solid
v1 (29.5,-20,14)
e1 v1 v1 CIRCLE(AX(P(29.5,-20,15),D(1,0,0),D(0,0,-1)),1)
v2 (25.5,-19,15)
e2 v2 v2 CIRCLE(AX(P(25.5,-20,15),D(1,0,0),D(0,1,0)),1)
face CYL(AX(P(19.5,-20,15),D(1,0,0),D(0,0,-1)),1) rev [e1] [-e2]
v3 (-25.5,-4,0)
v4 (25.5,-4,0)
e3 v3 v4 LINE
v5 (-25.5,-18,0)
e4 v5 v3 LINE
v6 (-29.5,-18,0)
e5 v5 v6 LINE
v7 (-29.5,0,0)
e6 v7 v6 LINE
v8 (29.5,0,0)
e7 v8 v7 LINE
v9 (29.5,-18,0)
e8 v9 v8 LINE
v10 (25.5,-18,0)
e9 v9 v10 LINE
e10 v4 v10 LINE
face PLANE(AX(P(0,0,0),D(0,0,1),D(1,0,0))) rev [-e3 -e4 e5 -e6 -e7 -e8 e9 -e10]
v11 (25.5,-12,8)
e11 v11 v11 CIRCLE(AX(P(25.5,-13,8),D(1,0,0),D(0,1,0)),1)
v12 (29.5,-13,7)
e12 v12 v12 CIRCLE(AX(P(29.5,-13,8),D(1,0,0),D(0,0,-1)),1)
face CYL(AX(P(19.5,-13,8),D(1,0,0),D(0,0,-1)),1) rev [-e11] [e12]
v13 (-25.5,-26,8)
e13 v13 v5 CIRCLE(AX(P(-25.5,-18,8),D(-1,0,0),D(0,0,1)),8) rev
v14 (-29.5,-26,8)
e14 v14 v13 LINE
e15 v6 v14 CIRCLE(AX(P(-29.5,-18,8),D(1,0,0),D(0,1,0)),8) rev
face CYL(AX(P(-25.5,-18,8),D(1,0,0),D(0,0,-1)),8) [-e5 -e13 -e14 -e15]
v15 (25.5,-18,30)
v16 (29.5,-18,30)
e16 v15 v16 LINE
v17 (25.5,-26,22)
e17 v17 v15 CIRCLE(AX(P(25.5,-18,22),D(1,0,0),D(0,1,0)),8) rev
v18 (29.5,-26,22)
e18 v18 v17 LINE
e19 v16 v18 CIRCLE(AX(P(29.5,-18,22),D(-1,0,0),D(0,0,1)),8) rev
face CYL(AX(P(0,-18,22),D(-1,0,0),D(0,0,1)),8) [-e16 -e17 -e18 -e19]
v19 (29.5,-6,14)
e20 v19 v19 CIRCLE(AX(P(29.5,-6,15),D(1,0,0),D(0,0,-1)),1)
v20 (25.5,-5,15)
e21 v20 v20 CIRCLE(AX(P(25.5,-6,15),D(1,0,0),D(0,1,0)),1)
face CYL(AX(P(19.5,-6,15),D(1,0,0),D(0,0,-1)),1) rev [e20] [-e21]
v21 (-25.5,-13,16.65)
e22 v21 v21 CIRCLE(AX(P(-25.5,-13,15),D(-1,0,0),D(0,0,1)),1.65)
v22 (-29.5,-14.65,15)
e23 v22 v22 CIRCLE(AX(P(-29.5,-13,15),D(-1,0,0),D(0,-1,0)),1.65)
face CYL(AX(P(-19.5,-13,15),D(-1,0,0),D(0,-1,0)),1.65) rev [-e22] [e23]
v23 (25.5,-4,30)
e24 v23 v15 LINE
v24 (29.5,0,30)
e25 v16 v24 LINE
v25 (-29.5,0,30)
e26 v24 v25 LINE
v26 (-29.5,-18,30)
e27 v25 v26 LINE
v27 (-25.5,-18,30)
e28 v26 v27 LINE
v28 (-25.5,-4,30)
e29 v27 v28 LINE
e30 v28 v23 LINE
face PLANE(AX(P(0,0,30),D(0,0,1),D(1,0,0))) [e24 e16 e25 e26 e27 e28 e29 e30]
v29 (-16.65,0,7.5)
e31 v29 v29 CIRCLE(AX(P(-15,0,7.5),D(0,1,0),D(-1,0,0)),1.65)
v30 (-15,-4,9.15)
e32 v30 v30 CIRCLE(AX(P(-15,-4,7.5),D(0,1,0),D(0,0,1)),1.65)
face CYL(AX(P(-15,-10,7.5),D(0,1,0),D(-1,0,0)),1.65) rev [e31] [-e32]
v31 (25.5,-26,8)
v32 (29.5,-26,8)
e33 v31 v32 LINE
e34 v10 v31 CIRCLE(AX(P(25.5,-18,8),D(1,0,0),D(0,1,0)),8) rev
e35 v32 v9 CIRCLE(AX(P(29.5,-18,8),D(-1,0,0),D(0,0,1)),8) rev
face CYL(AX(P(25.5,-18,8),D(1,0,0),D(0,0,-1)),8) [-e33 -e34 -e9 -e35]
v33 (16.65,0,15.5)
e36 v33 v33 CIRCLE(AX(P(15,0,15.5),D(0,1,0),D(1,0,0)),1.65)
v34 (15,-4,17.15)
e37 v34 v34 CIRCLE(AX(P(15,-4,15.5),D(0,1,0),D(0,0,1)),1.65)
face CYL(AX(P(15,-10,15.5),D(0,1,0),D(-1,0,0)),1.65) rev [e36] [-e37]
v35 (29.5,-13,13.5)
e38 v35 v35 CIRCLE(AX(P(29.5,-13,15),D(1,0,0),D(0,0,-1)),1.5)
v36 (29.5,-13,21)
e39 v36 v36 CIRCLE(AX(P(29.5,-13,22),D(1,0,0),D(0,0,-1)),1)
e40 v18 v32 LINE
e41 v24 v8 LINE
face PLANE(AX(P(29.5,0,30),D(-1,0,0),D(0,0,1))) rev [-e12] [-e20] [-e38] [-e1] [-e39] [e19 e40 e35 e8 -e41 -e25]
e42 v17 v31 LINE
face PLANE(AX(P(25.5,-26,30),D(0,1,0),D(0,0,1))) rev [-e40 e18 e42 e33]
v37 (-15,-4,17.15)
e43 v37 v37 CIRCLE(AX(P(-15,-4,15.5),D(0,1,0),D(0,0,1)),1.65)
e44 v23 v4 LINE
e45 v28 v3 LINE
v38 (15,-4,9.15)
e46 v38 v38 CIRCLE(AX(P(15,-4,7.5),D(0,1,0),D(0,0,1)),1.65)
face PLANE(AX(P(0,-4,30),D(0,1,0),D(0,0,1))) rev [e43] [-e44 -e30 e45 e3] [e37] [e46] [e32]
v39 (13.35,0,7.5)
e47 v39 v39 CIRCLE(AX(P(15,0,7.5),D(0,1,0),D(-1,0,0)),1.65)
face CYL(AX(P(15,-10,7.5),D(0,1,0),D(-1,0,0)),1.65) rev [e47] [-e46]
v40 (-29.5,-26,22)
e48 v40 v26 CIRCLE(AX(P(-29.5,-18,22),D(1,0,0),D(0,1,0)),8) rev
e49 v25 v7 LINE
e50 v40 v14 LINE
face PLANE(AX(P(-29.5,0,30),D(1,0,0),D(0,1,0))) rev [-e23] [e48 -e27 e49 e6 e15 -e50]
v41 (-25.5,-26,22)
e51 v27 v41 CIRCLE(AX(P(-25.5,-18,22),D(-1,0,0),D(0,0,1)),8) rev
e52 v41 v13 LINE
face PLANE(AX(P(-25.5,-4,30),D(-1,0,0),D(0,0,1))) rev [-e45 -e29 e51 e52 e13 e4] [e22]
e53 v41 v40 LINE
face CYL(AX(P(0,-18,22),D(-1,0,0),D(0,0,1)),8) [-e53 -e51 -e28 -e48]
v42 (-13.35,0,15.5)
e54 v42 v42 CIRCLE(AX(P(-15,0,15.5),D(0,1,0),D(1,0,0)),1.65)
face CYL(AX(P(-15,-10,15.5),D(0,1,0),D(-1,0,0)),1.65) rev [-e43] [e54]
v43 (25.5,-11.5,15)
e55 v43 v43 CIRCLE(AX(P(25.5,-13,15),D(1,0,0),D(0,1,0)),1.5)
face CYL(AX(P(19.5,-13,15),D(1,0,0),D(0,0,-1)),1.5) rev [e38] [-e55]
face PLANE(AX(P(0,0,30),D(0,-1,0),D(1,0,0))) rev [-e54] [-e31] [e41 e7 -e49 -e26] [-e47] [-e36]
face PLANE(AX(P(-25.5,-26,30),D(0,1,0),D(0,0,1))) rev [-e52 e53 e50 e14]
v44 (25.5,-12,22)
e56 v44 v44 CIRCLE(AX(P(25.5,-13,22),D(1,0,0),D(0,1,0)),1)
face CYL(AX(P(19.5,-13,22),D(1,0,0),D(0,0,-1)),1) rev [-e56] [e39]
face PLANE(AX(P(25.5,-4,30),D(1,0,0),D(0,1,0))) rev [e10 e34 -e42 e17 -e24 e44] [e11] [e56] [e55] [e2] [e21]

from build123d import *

# Parameters (mm, degrees)
EXTRUDE_1_DEPTH     = 30
FILLET_1_R          = 8
SKETCH_4_R          = 1.65
CUT_EXTRUDE_1_DEPTH = 10
SKETCH_5_R          = 1.65
CUT_EXTRUDE_2_DEPTH = 10
SKETCH_6_R          = 1
CUT_EXTRUDE_3_DEPTH = 10
SKETCH_7_R          = 1.5
CUT_EXTRUDE_4_DEPTH = 10


with BuildPart() as part:
    # 草图1 → 凸台-拉伸1 (new body)
    with BuildSketch(Plane.XY):
        Polygon((0, 0), (29.5, 0), (29.5, -26), (25.5, -26), (25.5, -4), (0, -4), (-25.5, -4), (-25.5, -26), (-29.5, -26), (-29.5, 0), align=None)
    extrude(amount=EXTRUDE_1_DEPTH)

    # 圆角1
    fillet_1_edges = [part.edges().sort_by_distance(p)[0] for p in [
        (27.5, -26, 0),
        (-27.5, -26, 0),
        (-27.5, -26, 30),
        (27.5, -26, 30),
    ]]
    fillet(fillet_1_edges, radius=FILLET_1_R)

    # 草图4 → 切除-拉伸1 (cut)
    with BuildSketch(Plane(origin=(0, 0, 0), x_dir=(1, 0, 0), z_dir=(0, 1, 0))):
        with Locations((15, -7.5)):
            Circle(SKETCH_4_R)
        with Locations((-15, -7.5)):
            Circle(SKETCH_4_R)
        with Locations((-15, -15.5)):
            Circle(SKETCH_4_R)
        with Locations((15, -15.5)):
            Circle(SKETCH_4_R)
    extrude(amount=-CUT_EXTRUDE_1_DEPTH, mode=Mode.SUBTRACT)

    # 草图5 → 切除-拉伸2 (cut)
    with BuildSketch(Plane.ZY.offset(29.5)):
        with Locations((15, -13)):
            Circle(SKETCH_5_R)
    extrude(amount=-CUT_EXTRUDE_2_DEPTH, mode=Mode.SUBTRACT)

    # 草图6 → 切除-拉伸3 (cut)
    with BuildSketch(Plane(origin=(29.5, 0, 0), x_dir=(0, 0, -1), z_dir=(1, 0, 0))):
        with Locations((-15, -6)):
            Circle(SKETCH_6_R)
        with Locations((-8, -13)):
            Circle(SKETCH_6_R)
        with Locations((-15, -20)):
            Circle(SKETCH_6_R)
        with Locations((-22, -13)):
            Circle(SKETCH_6_R)
    extrude(amount=-CUT_EXTRUDE_3_DEPTH, mode=Mode.SUBTRACT)

    # 草图7 → 切除-拉伸4 (cut)
    with BuildSketch(Plane(origin=(29.5, 0, 0), x_dir=(0, 0, -1), z_dir=(1, 0, 0))):
        with Locations((-15, -13)):
            Circle(SKETCH_7_R)
    extrude(amount=-CUT_EXTRUDE_4_DEPTH, mode=Mode.SUBTRACT)


solid = part.part
